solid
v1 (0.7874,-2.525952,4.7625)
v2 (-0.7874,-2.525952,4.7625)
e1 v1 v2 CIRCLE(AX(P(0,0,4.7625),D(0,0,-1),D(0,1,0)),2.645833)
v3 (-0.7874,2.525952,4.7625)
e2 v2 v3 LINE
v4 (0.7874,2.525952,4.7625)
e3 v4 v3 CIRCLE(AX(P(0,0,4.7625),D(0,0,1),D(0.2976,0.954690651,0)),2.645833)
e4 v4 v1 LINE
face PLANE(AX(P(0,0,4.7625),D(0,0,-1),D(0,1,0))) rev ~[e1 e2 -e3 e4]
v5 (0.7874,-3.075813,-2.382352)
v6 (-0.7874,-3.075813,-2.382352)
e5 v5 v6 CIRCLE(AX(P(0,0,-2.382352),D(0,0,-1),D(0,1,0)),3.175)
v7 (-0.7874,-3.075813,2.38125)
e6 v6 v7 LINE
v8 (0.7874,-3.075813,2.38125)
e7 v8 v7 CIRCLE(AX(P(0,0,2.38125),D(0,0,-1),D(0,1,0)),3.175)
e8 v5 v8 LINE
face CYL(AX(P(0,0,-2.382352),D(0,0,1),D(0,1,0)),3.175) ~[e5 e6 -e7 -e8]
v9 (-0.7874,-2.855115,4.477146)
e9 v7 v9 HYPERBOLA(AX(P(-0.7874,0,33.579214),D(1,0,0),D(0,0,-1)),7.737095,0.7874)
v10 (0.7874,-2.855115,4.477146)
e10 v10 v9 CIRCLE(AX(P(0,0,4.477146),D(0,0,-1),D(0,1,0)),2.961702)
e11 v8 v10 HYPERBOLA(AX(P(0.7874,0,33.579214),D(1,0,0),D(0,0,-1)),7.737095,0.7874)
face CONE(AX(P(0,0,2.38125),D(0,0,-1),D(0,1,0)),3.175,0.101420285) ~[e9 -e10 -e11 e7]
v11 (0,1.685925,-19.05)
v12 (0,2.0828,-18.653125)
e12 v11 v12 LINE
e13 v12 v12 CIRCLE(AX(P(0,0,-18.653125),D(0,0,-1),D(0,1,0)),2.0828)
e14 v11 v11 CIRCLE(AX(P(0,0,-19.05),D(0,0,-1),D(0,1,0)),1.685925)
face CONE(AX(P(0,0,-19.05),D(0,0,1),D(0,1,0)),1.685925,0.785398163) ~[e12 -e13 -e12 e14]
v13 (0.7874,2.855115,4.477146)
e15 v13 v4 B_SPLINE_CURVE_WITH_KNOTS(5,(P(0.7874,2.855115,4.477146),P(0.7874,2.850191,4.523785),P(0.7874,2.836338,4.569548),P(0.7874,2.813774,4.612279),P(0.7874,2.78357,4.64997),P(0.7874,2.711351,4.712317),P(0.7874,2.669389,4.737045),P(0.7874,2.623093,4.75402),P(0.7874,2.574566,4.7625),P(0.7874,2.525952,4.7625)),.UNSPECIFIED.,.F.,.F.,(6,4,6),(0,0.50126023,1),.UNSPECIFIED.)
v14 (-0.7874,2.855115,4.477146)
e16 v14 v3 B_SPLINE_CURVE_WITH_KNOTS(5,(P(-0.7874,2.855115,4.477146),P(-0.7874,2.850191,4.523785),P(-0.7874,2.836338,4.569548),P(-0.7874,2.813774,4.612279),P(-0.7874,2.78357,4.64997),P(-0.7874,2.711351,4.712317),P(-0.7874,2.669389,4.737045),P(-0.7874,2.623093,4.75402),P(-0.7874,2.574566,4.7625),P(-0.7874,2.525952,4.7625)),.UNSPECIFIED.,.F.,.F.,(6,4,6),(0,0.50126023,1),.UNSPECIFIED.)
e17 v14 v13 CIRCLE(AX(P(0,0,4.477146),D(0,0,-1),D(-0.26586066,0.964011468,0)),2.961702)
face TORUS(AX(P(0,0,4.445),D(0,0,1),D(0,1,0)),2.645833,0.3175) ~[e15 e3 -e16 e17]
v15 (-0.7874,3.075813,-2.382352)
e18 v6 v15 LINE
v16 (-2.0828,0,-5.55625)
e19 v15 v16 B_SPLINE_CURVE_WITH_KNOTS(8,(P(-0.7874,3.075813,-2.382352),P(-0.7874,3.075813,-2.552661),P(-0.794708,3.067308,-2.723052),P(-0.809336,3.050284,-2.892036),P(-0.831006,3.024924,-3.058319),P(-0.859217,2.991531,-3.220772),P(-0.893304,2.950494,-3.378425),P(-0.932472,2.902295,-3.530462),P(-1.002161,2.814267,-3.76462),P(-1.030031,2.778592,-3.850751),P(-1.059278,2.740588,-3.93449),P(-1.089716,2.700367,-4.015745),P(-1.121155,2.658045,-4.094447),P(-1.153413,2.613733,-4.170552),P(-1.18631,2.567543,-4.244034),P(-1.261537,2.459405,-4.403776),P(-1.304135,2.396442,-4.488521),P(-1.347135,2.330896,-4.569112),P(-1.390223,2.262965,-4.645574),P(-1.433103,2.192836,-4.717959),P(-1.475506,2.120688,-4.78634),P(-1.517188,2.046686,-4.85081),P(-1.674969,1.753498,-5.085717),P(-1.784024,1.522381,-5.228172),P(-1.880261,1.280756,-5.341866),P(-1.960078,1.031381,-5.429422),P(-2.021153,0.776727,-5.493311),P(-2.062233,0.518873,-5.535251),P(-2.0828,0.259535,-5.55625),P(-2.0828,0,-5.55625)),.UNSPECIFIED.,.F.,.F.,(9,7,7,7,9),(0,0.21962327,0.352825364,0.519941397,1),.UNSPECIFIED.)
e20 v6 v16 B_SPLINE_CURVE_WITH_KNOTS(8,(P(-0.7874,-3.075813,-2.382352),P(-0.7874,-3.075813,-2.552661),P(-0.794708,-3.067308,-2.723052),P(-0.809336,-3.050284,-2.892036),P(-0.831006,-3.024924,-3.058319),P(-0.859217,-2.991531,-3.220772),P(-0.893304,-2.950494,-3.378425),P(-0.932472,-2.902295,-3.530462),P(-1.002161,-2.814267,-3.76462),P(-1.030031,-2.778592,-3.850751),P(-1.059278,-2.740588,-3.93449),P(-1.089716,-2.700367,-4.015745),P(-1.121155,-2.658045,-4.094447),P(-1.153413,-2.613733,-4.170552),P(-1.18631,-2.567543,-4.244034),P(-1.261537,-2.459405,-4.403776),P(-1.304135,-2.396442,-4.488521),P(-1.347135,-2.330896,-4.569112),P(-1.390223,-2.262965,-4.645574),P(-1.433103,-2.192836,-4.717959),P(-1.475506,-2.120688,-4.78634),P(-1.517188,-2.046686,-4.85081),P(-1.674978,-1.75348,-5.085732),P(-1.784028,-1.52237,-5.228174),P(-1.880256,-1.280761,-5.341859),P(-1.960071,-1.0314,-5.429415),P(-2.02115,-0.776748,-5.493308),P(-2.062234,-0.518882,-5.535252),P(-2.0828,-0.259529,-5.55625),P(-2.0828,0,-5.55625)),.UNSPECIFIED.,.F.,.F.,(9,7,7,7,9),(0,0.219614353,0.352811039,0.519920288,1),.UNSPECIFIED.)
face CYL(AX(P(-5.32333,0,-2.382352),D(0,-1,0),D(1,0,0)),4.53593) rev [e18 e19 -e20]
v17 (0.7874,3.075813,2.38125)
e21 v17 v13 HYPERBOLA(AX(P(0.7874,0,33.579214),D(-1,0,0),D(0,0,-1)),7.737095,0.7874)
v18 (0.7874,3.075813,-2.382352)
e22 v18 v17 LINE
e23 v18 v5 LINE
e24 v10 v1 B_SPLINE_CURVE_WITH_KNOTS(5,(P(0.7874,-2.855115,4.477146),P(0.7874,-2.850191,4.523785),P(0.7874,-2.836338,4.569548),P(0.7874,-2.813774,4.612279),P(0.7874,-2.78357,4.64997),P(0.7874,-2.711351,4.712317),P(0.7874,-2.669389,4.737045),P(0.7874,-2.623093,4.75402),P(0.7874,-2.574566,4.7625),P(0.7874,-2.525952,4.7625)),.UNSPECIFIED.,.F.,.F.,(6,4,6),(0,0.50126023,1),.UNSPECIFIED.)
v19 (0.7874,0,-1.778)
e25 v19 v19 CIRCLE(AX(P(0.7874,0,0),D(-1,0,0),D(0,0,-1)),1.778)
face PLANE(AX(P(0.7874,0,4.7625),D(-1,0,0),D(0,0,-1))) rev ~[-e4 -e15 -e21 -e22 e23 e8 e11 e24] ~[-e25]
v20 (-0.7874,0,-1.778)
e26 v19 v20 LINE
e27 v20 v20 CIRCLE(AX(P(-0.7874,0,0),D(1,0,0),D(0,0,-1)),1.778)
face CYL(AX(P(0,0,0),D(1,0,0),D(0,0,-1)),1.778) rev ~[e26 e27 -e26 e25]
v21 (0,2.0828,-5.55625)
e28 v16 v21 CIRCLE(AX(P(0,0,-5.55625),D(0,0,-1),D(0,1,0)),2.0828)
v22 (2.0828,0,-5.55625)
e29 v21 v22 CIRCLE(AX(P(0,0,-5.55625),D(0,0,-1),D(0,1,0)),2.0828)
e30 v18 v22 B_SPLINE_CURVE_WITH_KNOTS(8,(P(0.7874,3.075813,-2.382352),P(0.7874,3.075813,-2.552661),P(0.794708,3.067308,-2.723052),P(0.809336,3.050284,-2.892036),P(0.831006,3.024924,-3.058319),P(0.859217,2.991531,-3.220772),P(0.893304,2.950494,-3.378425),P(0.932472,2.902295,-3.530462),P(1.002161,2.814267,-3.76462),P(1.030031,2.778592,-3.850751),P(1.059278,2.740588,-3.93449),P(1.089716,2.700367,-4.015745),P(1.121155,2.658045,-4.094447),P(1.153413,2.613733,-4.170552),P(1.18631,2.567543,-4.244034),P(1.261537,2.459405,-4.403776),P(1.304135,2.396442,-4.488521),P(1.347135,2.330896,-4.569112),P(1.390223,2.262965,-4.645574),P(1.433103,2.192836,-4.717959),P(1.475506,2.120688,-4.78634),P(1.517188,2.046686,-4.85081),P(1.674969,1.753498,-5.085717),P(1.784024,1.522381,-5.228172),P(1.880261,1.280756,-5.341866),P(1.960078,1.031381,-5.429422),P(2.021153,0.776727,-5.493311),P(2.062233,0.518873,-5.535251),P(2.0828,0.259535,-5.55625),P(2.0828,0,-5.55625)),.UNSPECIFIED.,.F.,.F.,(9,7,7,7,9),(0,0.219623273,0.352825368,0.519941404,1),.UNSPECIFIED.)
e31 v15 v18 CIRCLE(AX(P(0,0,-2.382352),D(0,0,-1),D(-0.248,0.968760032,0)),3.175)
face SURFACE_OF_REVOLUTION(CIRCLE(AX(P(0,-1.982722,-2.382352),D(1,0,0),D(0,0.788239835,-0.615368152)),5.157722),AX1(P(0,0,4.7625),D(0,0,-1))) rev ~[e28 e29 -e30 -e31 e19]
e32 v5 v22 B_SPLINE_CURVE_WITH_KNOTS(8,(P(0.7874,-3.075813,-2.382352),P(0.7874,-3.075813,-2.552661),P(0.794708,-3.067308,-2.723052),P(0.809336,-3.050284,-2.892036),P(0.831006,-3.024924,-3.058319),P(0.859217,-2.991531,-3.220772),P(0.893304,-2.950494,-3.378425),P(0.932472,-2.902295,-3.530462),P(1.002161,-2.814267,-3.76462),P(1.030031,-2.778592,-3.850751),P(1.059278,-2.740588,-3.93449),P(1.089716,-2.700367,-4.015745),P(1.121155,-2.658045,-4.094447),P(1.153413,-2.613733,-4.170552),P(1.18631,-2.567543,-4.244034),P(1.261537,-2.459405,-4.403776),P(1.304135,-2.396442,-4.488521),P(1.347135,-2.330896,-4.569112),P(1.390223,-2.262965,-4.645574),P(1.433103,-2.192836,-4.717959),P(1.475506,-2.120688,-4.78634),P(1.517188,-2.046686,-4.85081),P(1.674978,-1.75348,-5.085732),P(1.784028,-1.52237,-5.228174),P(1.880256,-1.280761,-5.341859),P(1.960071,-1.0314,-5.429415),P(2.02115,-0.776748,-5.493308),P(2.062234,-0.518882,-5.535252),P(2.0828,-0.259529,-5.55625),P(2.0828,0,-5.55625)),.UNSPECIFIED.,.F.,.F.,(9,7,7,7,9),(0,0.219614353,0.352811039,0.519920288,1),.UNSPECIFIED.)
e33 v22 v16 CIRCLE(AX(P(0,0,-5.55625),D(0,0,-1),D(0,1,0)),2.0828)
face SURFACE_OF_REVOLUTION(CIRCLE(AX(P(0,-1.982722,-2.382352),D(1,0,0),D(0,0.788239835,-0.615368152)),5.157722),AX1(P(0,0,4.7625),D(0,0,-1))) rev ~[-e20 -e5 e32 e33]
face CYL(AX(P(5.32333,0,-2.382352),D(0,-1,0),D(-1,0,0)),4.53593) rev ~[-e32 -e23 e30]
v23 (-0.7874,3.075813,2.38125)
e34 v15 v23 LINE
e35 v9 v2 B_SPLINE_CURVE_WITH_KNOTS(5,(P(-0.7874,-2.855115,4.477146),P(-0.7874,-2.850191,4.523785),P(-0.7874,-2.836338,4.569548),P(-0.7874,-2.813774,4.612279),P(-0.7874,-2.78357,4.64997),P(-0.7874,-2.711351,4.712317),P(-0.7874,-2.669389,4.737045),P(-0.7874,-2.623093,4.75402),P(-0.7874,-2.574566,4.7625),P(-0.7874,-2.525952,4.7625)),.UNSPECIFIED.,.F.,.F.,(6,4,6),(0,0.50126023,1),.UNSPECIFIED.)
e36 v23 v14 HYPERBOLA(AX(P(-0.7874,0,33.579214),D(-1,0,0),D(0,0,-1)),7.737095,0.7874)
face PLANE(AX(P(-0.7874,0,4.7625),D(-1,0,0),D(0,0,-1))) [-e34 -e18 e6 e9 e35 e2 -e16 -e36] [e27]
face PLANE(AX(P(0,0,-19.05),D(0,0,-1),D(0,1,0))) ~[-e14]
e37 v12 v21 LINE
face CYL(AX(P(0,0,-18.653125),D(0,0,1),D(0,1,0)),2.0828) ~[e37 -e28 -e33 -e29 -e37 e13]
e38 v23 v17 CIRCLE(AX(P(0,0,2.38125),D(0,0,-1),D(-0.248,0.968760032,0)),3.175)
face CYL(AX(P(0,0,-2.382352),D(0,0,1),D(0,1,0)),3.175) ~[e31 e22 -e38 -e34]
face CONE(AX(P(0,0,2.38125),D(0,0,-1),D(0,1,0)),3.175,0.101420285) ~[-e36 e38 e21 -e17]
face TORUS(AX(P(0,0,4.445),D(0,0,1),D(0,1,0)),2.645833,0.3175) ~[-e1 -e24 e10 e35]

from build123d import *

# Parameters (mm, degrees)
HEAD_CUT_DEPTH      = 20.572014492
HEAD_CUT_DEPTH_BACK = 20.572014492
HOLE_CUT_DEPTH      = 20.424756933
HOLE_CUT_DEPTH_BACK = 20.424756933
SKETCH6_R           = 1.778


with BuildPart() as part:
    # Sketch3 → Body Revolve (revolve)
    with BuildSketch(Plane(origin=(0, 0, 0), x_dir=(0, 0, -1), z_dir=(1, 0, 0))):
        with BuildLine():
            Line((19.05, 0), (19.05, 1.685925))
            Line((19.05, 1.685925), (18.653125, 2.0828))
            Line((18.653125, 2.0828), (5.55625, 2.0828))
            ThreePointArc((5.55625, 2.0828), (4.060634728, 2.894312369), (2.382352325, 3.175))
            Line((2.382352325, 3.175), (-2.38125, 3.175))
            Line((-2.38125, 3.175), (-4.477145765, 2.961701818))
            ThreePointArc((-4.477145765, 2.961701818), (-4.680597677, 2.858671264), (-4.7625, 2.645833333))
            Line((-4.7625, 2.645833333), (-4.7625, 0))
            Line((-4.7625, 0), (19.05, 0))
        make_face()
    revolve(axis=Axis((0, 0, 4.7625), (0, 0, -1)))

    # Sketch5 → Head Cut (cut, two sides: drawn at the far end of the back side and taken through both)
    with BuildSketch(Plane(origin=(0, 0, 0), x_dir=(1, 0, 0), z_dir=(0, 1, 0)).offset(-HEAD_CUT_DEPTH_BACK)):
        with BuildLine():
            Line((-3.9624, 5.55625), (-3.9624, -4.7625))
            Line((-3.9624, -4.7625), (-0.7874, -4.7625))
            Line((-0.7874, -4.7625), (-0.7874, 2.382352325))
            ThreePointArc((-0.7874, 2.382352325), (-1.12371822, 4.096389053), (-2.0828, 5.55625))
            Line((-2.0828, 5.55625), (-3.9624, 5.55625))
        make_face()
        with BuildLine():
            Line((2.0828, 5.55625), (3.9624, 5.55625))
            Line((3.9624, 5.55625), (3.9624, -4.7625))
            Line((3.9624, -4.7625), (0.7874, -4.7625))
            Line((0.7874, -4.7625), (0.7874, 2.382352325))
            ThreePointArc((0.7874, 2.382352325), (1.12371822, 4.096389053), (2.0828, 5.55625))
        make_face()
    extrude(amount=HEAD_CUT_DEPTH + HEAD_CUT_DEPTH_BACK, mode=Mode.SUBTRACT)

    # Sketch6 → Hole Cut (cut, two sides: drawn at the far end of the back side and taken through both)
    with BuildSketch(Plane(origin=(0, 0, 0), x_dir=(0, 0, -1), z_dir=(1, 0, 0)).offset(-HOLE_CUT_DEPTH_BACK)):
        Circle(SKETCH6_R)
    extrude(amount=HOLE_CUT_DEPTH + HOLE_CUT_DEPTH_BACK, mode=Mode.SUBTRACT)


solid = part.part
